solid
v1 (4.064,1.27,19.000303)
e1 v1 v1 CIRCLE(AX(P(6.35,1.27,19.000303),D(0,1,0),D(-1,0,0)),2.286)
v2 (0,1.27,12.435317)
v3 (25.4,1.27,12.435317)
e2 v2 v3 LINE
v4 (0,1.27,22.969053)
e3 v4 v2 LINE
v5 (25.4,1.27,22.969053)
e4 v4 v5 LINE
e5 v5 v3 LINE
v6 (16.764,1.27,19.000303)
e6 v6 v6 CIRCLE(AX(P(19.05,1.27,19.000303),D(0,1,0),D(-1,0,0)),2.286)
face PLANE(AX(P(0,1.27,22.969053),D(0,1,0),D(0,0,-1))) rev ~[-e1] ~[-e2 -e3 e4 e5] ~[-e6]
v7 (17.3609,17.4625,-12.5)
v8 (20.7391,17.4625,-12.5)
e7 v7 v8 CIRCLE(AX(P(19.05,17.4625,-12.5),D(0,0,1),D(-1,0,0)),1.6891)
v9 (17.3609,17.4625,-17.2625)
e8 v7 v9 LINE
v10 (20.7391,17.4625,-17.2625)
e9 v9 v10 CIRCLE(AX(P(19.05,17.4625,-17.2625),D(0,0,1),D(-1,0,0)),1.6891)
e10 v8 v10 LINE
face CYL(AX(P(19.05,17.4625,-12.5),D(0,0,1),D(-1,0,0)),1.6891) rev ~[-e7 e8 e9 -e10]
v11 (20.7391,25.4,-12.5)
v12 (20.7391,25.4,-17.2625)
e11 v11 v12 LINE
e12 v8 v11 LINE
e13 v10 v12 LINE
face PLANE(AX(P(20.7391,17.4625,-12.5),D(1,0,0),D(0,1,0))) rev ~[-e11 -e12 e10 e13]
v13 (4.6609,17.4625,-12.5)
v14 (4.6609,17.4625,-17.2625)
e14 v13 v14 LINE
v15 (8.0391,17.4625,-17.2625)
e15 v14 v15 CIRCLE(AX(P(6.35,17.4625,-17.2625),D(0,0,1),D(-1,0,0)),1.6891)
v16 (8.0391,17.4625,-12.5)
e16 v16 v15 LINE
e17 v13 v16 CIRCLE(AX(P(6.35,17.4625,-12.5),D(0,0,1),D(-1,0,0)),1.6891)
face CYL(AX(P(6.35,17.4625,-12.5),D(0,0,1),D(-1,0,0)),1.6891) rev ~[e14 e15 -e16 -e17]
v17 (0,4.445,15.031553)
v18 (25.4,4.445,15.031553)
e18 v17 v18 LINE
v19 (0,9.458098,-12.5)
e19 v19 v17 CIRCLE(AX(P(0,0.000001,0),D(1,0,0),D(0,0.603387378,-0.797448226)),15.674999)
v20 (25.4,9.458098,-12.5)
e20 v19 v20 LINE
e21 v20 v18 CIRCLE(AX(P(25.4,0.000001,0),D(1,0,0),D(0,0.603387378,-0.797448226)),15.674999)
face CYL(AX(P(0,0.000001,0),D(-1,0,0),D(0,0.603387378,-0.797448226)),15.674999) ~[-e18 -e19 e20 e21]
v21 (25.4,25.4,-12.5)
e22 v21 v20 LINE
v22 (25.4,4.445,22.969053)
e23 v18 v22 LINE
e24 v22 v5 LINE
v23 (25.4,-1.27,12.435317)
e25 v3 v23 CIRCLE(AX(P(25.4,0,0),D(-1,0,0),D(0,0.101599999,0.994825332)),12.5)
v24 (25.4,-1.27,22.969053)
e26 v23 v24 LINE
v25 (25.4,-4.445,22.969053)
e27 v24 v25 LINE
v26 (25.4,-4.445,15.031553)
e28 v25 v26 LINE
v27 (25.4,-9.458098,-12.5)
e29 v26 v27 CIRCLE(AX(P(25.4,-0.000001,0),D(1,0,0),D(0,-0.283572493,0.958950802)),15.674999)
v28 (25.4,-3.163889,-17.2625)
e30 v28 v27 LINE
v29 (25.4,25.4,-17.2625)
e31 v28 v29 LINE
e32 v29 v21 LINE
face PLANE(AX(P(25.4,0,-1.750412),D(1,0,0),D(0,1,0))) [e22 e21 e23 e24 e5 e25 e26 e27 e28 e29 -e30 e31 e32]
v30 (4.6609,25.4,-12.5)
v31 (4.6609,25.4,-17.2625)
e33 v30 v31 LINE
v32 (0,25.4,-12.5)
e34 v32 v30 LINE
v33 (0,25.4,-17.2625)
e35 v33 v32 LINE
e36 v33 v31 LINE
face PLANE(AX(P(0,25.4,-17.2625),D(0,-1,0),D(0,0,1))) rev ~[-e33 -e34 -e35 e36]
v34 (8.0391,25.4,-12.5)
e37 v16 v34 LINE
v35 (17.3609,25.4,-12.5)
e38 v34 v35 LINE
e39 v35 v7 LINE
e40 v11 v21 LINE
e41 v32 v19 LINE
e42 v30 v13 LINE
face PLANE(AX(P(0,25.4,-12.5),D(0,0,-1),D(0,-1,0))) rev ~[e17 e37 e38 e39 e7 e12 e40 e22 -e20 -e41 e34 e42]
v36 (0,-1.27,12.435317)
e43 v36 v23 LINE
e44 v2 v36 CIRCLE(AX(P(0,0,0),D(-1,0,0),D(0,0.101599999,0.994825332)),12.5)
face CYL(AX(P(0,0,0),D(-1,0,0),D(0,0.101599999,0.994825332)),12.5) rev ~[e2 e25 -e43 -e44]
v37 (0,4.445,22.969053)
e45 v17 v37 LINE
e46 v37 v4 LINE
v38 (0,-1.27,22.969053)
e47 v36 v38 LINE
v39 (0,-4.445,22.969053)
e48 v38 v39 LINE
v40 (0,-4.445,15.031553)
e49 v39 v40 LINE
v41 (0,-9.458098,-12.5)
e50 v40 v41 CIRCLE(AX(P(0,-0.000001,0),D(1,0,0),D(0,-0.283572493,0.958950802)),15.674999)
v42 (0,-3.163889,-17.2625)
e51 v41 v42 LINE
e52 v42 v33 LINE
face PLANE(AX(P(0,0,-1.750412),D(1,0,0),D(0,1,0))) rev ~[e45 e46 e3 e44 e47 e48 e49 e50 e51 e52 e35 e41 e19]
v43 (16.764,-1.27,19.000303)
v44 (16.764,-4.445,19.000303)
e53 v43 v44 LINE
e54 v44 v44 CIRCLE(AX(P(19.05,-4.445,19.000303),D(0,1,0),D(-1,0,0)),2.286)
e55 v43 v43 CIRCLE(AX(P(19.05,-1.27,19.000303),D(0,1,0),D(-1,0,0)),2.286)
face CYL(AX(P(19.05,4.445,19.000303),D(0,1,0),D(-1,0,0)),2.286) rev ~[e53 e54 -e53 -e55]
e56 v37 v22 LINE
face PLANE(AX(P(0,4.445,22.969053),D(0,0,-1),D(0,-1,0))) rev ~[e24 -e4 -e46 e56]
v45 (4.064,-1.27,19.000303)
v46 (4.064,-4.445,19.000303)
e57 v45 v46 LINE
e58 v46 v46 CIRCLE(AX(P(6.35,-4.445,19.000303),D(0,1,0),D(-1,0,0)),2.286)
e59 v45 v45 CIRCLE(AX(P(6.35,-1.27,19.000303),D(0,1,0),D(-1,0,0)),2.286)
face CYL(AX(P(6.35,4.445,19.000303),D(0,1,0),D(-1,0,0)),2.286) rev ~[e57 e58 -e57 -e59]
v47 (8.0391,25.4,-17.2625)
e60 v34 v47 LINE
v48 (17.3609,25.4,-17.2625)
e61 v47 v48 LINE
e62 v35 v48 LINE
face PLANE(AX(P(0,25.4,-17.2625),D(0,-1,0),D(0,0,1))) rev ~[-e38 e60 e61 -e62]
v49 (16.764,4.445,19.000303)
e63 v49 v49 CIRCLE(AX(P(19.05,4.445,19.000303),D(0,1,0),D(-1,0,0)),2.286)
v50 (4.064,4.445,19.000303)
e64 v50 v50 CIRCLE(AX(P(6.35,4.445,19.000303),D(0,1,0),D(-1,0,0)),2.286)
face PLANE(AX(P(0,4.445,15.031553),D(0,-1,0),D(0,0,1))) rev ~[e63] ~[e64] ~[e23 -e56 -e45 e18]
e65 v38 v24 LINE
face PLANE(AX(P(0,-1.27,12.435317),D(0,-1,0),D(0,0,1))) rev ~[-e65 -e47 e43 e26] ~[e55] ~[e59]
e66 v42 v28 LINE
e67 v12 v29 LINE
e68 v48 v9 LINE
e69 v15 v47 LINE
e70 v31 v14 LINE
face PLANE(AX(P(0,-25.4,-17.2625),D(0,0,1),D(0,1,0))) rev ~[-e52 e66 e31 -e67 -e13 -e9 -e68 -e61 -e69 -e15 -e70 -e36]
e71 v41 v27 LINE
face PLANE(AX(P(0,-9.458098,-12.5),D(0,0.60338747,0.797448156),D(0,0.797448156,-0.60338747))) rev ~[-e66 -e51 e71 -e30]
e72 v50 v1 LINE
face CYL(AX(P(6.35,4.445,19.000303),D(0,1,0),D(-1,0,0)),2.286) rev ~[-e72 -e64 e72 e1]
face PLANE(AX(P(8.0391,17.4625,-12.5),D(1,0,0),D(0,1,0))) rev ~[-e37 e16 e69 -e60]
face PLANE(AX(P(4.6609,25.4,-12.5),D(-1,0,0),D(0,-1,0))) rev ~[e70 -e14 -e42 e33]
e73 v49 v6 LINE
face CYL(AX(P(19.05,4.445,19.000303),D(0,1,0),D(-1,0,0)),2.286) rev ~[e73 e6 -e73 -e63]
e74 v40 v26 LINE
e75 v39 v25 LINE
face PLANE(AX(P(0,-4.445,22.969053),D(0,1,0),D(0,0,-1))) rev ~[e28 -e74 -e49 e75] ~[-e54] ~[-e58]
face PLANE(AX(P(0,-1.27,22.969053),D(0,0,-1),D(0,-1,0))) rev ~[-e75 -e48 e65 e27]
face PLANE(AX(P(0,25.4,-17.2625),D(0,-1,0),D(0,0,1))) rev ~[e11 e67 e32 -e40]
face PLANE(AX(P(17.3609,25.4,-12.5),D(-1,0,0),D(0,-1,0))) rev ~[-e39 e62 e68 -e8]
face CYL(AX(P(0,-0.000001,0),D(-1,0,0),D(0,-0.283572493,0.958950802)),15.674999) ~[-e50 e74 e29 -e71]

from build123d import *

# Parameters (mm, degrees)
F1_DEPTH = 25.4
F3_DEPTH = 25.401
F5_DEPTH = 4.7625
F6_R     = 2.286
F7_DEPTH = 20.121


with BuildPart() as f1:
    # F0 (on Right) → F1 (new body)
    with BuildSketch(Plane.YZ):
        with BuildLine():
            ThreePointArc((1.27, 12.435317), (0, -12.5), (-1.27, 12.435317))
            Line((-1.27, 12.435317), (-1.27, 22.969053))
            Line((-1.27, 22.969053), (-4.445, 22.969053))
            Line((-4.445, 22.969053), (-4.445, 15.031553))
            ThreePointArc((-4.445, 15.031553), (-15.421435, 2.808021), (-9.458098, -12.5))
            Line((-9.458098, -12.5), (-25.4, -12.5))
            Line((-25.4, -12.5), (-25.4, -17.2625))
            Line((-25.4, -17.2625), (25.4, -17.2625))
            Line((25.4, -17.2625), (25.4, -12.5))
            Line((25.4, -12.5), (9.458098, -12.5))
            ThreePointArc((9.458098, -12.5), (15.421435, 2.808021), (4.445, 15.031553))
            Line((4.445, 15.031553), (4.445, 22.969053))
            Line((4.445, 22.969053), (1.27, 22.969053))
            Line((1.27, 22.969053), (1.27, 12.435317))
        make_face()
    extrude(amount=F1_DEPTH)

    # F2 (on face) → F3 (cut, through all)
    with BuildSketch(Plane(origin=(0, 0, 0), x_dir=(0, -1, 0), z_dir=(-1, 0, 0))):
        Polygon((25.4, -12.5), (9.458098, -12.5), (3.163889, -17.2625), (25.4, -17.2625), align=None)
    extrude(amount=-F3_DEPTH, mode=Mode.SUBTRACT)

    # F4 (on face) → F5 (cut, through all)
    with BuildSketch(Plane.XY.offset(-12.5)):
        with BuildLine():
            Line((4.6609, 25.4), (4.6609, 17.4625))
            ThreePointArc((4.6609, 17.4625), (6.35, 15.7734), (8.0391, 17.4625))
            Line((8.0391, 17.4625), (8.0391, 25.4))
            Line((8.0391, 25.4), (4.6609, 25.4))
        make_face()
        with BuildLine():
            Line((17.3609, 25.4), (17.3609, 17.4625))
            ThreePointArc((17.3609, 17.4625), (19.05, 15.7734), (20.7391, 17.4625))
            Line((20.7391, 17.4625), (20.7391, 25.4))
            Line((20.7391, 25.4), (17.3609, 25.4))
        make_face()
    extrude(amount=-F5_DEPTH, mode=Mode.SUBTRACT)

    # F6 (on face) → F7 (cut, through all)
    with BuildSketch(Plane(origin=(0, 4.445, 0), x_dir=(-1, 0, 0), z_dir=(0, 1, 0))):
        with Locations((-19.05, 19.000303)):
            Circle(F6_R)
        with Locations((-6.35, 19.000303)):
            Circle(F6_R)
    extrude(amount=-F7_DEPTH, mode=Mode.SUBTRACT)


solid = f1.part
